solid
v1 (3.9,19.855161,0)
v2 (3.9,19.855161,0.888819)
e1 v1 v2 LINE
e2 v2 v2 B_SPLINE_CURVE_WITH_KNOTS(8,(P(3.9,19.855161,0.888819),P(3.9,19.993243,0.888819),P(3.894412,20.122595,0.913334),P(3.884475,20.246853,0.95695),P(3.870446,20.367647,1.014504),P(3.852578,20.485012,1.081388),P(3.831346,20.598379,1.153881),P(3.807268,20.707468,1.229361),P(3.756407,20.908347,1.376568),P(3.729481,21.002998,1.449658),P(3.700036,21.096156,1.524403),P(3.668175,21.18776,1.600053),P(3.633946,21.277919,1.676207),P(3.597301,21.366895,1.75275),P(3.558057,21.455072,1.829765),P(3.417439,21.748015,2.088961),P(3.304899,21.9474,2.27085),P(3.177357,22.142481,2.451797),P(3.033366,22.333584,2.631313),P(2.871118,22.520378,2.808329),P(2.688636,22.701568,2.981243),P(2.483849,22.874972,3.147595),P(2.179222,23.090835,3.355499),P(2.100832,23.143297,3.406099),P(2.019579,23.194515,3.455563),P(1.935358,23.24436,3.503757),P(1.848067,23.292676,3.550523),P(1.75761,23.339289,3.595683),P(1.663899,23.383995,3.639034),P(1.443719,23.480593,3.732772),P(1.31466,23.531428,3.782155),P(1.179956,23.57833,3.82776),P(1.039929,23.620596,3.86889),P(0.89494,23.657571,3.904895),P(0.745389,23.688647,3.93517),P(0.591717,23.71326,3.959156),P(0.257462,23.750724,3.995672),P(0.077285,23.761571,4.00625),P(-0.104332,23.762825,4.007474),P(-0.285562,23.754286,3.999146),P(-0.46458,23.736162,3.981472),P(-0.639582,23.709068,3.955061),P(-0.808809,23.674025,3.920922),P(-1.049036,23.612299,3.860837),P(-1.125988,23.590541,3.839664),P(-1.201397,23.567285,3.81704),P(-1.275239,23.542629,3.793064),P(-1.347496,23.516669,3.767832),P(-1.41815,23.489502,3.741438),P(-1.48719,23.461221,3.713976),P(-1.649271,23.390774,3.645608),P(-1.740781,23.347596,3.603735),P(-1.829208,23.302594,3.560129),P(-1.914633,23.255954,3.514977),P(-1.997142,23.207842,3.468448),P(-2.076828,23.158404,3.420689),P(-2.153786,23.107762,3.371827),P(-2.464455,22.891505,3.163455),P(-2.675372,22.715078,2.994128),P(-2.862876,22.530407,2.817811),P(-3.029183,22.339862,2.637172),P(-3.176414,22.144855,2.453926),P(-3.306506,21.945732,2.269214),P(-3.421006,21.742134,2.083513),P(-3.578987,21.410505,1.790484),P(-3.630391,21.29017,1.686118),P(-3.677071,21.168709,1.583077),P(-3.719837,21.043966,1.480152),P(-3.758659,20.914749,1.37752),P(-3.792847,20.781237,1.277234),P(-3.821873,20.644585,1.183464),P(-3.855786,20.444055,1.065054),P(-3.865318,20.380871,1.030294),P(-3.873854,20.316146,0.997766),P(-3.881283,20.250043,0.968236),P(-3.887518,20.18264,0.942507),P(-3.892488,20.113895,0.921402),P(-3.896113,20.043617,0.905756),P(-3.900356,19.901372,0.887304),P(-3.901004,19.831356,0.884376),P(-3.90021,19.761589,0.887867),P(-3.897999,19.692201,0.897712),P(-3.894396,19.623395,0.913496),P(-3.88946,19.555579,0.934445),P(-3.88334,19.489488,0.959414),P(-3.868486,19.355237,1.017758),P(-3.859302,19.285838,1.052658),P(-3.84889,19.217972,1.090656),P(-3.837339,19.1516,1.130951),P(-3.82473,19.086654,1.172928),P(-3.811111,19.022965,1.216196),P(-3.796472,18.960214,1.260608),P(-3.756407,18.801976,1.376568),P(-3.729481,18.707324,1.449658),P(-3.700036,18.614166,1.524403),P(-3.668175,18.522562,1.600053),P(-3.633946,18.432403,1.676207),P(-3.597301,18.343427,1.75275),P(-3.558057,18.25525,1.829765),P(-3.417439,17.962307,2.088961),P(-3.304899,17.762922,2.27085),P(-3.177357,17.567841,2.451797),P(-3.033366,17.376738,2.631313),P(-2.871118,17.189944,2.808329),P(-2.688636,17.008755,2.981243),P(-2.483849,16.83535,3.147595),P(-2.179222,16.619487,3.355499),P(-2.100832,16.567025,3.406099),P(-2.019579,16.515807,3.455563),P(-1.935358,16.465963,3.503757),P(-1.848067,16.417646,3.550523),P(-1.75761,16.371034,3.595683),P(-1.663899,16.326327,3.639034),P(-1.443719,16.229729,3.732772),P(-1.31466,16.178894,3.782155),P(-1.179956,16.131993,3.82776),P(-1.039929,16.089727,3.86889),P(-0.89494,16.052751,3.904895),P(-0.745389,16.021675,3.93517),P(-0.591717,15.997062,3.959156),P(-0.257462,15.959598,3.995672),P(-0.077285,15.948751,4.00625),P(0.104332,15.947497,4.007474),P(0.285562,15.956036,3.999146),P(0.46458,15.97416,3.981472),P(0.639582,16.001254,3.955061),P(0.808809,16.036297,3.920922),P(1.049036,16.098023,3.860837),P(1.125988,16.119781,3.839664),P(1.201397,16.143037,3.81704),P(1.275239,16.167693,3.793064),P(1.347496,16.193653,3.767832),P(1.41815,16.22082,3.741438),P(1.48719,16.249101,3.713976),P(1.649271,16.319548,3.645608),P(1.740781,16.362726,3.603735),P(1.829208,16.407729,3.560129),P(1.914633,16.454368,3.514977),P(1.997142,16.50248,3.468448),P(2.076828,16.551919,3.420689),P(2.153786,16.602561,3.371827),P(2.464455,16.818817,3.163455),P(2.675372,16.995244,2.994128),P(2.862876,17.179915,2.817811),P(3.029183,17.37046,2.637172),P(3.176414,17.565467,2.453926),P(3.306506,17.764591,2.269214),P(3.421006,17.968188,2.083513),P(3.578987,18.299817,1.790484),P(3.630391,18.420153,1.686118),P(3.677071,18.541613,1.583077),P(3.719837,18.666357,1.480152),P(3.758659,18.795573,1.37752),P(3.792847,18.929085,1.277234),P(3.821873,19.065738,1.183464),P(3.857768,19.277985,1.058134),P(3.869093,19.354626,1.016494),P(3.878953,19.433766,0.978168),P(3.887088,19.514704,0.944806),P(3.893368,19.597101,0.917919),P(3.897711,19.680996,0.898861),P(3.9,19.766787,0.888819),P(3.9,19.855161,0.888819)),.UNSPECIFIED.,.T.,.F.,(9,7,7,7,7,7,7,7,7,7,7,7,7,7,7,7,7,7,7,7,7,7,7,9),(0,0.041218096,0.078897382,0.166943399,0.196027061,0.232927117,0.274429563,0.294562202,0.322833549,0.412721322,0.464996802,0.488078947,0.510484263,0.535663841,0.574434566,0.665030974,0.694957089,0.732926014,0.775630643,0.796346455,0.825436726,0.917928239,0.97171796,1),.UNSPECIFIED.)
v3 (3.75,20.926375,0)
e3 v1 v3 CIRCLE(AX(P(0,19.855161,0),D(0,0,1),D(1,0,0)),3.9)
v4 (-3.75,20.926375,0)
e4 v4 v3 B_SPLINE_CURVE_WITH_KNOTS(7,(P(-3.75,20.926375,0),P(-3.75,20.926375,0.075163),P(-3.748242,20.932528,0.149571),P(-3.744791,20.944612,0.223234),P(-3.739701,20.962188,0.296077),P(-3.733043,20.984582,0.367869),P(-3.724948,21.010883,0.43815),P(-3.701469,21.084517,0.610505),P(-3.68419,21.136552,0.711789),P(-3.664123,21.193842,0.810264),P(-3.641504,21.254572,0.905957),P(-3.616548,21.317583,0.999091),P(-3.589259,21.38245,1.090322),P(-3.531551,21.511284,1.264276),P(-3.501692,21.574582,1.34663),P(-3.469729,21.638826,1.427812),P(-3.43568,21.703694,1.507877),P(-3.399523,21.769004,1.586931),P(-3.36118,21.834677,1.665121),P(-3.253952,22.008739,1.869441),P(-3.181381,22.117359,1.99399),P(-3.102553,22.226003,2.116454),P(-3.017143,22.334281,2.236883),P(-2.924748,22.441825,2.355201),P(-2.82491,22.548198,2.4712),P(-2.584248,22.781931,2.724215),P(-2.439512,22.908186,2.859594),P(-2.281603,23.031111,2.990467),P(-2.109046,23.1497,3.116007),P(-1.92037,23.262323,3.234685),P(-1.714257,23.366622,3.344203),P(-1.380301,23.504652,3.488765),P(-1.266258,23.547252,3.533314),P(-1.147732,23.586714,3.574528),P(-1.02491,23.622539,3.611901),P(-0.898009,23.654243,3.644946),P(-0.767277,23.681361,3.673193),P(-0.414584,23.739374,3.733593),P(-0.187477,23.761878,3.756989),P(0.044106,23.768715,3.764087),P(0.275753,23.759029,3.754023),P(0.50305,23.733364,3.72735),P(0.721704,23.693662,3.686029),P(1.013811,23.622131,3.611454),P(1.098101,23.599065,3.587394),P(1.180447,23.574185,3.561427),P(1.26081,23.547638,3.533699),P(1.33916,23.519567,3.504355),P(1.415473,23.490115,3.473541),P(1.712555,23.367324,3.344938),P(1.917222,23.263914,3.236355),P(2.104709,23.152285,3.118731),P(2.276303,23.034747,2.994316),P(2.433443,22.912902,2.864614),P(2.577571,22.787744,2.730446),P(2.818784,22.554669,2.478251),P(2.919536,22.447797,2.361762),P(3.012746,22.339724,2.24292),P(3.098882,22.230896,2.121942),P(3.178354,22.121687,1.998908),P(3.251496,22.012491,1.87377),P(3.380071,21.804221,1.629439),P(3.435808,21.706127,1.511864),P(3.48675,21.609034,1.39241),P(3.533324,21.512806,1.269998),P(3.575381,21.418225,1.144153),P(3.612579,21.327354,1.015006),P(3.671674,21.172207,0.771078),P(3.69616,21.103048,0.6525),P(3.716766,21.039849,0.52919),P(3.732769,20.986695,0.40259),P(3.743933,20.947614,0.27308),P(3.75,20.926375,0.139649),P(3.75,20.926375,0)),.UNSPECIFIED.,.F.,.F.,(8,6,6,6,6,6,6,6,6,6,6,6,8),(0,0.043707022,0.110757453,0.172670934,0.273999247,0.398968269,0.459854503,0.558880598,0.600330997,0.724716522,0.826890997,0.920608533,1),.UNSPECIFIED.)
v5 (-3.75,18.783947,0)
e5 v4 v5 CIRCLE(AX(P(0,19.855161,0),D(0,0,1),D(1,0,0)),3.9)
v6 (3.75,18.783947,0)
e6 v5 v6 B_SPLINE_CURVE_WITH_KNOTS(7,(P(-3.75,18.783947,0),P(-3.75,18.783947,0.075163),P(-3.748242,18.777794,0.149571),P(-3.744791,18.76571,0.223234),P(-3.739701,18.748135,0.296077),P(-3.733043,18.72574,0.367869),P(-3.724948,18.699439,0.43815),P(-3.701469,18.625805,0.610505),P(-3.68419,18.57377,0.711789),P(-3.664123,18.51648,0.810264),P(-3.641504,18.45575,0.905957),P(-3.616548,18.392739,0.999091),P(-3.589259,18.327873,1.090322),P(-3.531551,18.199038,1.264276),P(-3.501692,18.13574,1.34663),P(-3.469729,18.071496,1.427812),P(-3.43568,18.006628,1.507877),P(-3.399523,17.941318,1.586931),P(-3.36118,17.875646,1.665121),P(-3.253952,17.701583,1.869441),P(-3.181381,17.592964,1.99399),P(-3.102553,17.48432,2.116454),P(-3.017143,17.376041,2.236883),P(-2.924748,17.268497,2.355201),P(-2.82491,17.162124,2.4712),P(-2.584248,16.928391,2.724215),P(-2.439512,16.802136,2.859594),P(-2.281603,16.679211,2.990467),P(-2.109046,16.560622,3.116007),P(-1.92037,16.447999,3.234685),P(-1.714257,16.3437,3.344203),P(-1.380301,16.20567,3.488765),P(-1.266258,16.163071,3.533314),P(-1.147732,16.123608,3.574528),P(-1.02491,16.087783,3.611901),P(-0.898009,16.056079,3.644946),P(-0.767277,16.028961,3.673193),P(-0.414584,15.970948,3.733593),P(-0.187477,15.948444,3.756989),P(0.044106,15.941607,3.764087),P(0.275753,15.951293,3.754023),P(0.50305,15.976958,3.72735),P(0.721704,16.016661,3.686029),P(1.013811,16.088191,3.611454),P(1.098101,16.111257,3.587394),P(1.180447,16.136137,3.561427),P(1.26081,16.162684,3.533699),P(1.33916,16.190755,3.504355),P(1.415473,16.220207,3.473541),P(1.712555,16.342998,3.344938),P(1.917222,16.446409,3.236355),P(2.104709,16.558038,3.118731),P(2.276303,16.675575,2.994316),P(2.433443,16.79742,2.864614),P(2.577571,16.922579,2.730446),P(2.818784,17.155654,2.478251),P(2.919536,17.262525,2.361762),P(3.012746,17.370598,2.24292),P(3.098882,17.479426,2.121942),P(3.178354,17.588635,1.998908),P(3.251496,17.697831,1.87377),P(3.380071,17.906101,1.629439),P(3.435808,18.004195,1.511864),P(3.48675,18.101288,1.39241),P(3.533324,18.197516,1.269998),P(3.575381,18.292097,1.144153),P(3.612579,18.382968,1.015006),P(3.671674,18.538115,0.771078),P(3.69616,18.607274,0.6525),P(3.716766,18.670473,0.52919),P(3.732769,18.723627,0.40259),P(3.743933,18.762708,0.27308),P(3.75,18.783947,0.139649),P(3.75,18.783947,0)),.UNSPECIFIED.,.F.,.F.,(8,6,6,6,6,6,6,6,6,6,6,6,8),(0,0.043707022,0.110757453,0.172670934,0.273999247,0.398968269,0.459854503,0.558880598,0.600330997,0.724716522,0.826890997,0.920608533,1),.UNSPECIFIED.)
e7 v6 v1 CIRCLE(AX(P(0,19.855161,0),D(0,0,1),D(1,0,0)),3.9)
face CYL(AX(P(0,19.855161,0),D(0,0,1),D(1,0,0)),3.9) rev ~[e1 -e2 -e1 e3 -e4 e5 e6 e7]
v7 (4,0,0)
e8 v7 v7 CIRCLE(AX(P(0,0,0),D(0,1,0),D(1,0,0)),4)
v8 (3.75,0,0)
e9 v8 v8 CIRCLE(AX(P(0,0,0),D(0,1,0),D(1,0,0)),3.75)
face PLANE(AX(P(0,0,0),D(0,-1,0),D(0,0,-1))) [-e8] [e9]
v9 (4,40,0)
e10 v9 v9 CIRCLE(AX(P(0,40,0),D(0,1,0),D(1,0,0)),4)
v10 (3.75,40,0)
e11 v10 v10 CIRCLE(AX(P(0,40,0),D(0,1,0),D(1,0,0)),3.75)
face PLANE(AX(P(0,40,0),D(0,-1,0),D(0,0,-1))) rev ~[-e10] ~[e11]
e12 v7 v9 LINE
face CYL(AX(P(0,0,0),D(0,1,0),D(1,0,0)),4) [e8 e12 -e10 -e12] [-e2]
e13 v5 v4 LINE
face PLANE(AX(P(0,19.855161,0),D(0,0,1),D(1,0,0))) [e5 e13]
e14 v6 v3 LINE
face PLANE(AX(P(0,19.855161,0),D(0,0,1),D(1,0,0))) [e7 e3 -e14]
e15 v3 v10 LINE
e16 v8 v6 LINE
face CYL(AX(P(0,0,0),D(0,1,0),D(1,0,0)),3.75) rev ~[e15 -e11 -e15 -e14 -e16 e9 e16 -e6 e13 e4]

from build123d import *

# Parameters (mm, degrees)
F0_R   = 4
F0_R_2 = 3.75
F3_R   = 3.9


with BuildPart() as f2:
    # F2: sweep along a path in F1
    with BuildLine(Plane.XY) as f2_path:
        Line((0, 0), (0, 40))
    # F0 (on Front) → F2 (sweep)
    with BuildSketch(Plane.XZ):
        Circle(F0_R)
        Circle(F0_R_2, mode=Mode.SUBTRACT)
    sweep(path=f2_path.line)

    # F5: sweep along a path in F4
    with BuildLine(Plane.YZ) as f5_path:
        Line((21.1965255439, 0), (21.1965255439, 30))
    # F3 (on Top) → F5 (sweep, cut)
    with BuildSketch(Plane.XY):
        with Locations((0, 19.8551610578)):
            Circle(F3_R)
    sweep(path=f5_path.line, mode=Mode.SUBTRACT)


solid = f2.part
